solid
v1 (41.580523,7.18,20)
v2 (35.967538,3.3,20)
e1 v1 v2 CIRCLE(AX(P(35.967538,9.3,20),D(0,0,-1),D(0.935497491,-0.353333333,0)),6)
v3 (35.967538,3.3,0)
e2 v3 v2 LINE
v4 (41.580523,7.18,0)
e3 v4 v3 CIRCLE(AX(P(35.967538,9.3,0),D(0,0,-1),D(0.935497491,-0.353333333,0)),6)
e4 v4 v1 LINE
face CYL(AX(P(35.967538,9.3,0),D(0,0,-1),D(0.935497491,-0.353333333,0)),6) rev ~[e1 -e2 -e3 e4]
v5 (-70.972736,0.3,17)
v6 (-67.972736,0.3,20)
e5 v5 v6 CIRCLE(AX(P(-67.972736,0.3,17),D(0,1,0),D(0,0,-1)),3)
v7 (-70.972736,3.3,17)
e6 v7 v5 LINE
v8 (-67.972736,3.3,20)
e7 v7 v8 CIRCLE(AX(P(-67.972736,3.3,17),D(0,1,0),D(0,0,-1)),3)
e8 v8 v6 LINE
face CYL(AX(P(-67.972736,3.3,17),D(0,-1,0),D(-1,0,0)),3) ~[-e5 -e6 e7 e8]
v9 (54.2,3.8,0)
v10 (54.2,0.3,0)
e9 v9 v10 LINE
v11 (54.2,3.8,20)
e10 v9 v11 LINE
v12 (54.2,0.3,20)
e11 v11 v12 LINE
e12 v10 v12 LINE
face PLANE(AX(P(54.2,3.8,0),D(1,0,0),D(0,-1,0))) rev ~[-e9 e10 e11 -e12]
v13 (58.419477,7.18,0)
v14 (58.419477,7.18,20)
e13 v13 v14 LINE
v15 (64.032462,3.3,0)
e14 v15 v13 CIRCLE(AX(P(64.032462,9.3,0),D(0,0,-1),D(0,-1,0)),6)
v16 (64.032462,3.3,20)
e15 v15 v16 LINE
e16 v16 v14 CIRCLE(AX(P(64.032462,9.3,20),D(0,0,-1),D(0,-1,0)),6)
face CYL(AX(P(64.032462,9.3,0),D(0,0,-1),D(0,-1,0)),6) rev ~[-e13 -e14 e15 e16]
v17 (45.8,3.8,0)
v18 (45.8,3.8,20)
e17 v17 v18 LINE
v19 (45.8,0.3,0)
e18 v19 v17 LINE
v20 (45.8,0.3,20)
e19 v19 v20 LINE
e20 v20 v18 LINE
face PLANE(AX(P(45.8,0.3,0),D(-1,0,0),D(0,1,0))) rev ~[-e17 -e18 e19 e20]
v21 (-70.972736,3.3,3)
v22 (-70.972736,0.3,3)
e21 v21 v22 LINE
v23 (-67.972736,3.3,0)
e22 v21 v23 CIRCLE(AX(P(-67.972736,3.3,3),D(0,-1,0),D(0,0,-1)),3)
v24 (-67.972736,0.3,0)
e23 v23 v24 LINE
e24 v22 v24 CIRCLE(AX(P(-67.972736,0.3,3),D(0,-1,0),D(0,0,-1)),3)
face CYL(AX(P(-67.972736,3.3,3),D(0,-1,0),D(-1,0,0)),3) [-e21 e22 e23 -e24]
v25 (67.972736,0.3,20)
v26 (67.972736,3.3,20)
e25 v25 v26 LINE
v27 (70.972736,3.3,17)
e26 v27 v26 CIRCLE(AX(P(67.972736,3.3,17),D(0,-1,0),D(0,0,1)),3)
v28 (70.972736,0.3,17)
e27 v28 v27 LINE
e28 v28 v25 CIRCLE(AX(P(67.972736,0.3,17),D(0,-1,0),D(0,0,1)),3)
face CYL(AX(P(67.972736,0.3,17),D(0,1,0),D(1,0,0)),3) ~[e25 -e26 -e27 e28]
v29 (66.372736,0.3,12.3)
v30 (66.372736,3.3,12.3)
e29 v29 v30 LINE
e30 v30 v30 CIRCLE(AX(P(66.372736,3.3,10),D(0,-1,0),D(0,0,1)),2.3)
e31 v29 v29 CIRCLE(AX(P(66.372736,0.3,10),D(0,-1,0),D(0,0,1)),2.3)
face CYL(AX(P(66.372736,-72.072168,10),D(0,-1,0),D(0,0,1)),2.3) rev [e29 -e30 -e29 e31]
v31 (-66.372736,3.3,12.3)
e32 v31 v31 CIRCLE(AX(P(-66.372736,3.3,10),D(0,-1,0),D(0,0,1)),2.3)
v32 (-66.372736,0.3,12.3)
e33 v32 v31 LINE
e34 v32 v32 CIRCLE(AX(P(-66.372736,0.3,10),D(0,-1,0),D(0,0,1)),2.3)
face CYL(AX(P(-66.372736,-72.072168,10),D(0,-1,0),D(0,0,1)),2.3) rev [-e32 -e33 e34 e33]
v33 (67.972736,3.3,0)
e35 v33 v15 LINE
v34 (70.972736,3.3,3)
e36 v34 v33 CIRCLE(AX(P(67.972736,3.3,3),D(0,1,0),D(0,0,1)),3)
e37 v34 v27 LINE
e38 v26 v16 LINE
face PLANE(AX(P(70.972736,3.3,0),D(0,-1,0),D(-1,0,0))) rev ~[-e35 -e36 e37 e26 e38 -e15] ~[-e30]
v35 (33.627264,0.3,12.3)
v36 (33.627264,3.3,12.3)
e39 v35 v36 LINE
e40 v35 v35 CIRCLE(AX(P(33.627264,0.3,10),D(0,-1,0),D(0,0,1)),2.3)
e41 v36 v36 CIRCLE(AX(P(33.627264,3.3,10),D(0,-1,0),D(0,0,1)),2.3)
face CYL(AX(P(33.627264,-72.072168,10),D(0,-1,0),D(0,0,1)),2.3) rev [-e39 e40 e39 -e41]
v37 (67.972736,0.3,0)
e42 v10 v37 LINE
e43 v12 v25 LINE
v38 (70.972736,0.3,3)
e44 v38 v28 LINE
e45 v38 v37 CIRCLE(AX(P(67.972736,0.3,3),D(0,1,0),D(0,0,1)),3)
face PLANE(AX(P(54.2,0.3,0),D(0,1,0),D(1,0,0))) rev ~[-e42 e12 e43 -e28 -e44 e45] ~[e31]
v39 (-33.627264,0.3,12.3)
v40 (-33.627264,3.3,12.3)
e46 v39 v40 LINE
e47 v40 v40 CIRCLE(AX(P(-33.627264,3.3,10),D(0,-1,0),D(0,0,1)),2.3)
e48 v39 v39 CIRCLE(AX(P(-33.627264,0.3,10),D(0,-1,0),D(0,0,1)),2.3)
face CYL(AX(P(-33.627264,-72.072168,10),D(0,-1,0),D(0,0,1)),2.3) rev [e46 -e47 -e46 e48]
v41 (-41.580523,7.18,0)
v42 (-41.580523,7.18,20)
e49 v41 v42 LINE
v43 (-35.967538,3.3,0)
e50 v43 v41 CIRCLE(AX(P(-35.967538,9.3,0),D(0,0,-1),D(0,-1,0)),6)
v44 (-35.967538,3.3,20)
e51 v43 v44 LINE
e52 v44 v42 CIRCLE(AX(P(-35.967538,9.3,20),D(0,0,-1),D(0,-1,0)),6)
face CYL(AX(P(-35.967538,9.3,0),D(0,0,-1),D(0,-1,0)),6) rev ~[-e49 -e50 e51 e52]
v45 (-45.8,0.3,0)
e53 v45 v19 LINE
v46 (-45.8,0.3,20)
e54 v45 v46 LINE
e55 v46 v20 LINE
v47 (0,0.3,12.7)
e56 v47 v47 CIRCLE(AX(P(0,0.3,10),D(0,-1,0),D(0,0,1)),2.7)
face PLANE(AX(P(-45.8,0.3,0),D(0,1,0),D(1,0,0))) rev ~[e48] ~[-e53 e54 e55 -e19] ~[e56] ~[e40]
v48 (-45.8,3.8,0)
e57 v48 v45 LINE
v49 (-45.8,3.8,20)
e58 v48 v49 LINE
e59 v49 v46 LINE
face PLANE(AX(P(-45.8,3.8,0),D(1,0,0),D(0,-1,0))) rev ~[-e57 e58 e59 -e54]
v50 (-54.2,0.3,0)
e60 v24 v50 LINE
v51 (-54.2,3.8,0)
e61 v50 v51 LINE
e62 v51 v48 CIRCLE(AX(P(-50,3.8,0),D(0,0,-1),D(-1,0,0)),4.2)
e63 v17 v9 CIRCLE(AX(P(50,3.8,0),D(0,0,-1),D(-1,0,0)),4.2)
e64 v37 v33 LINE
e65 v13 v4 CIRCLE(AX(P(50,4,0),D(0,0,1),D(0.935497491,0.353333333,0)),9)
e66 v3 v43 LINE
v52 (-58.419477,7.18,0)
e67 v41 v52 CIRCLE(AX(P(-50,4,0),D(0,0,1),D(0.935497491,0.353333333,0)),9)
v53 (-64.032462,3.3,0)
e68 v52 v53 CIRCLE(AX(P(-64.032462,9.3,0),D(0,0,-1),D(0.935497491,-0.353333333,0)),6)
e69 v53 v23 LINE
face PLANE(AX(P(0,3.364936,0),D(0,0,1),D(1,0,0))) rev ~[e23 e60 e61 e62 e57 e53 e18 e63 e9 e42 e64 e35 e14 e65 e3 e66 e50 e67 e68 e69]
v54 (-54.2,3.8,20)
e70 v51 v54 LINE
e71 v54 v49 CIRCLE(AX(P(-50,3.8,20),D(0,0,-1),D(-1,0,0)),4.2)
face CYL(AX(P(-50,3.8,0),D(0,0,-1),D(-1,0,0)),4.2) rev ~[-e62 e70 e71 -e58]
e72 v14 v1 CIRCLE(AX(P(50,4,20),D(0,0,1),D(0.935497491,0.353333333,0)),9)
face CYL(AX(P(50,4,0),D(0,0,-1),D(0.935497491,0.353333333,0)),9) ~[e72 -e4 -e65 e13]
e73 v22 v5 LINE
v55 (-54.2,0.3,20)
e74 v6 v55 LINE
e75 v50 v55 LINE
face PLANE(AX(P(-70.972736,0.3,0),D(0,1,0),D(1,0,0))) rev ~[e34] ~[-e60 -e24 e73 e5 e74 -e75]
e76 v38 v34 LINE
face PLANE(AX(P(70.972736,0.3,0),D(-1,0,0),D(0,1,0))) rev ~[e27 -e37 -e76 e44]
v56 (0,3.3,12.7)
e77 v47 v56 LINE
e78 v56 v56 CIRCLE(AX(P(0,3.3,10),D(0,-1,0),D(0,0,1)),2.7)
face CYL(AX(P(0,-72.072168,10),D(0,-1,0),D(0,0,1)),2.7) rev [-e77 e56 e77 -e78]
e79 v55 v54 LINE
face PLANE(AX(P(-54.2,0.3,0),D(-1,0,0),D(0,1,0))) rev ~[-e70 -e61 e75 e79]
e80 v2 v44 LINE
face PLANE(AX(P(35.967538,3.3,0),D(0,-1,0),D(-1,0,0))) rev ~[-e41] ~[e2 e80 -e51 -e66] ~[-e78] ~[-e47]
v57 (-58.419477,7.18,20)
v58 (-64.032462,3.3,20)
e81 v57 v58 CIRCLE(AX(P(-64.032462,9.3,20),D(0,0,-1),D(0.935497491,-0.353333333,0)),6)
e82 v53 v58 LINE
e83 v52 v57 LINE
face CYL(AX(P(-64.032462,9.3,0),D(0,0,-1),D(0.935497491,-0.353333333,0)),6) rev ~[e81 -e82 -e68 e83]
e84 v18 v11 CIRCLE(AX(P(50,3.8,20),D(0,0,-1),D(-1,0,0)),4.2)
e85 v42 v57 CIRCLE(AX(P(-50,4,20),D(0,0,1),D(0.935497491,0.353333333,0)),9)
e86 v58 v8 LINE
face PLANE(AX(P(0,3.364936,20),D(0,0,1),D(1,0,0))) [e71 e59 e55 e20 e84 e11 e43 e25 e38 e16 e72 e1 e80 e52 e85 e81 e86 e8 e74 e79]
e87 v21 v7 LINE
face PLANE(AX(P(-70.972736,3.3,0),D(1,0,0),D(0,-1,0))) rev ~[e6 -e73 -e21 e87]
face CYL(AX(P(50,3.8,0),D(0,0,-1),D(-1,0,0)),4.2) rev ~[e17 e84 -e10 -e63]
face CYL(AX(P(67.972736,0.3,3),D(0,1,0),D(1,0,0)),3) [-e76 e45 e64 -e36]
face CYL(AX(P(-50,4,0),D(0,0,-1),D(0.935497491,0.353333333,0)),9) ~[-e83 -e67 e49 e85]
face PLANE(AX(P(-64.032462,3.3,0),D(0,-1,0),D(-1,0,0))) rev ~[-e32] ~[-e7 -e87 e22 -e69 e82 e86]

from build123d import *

# Parameters (mm, degrees)
EXTRUDE_1_DEPTH          = 20
FILLET_1_R               = 3
CUT_EXTRUDE_1_DEPTH      = 75.37216767
CUT_EXTRUDE_1_DEPTH_BACK = 75.37216767
SKETCH_2_R               = 2.7
SKETCH_2_R_2             = 2.3


with BuildPart() as part:
    # 草图1 → 凸台-拉伸1 (new body)
    with BuildSketch(Plane.XY):
        with BuildLine():
            Line((54.2, 3.8), (54.2, 0.3))
            Line((54.2, 0.3), (70.972736483, 0.3))
            Line((70.972736483, 0.3), (70.972736483, 3.3))
            Line((70.972736483, 3.3), (64.032462364, 3.3))
            ThreePointArc((64.032462364, 3.3), (60.620717942, 4.364414928), (58.419477418, 7.18))
            ThreePointArc((58.419477418, 7.18), (50, 13), (41.580522582, 7.18))
            ThreePointArc((41.580522582, 7.18), (39.379282058, 4.364414928), (35.967537636, 3.3))
            Line((35.967537636, 3.3), (-35.967537636, 3.3))
            ThreePointArc((-35.967537636, 3.3), (-39.379282058, 4.364414928), (-41.580522582, 7.18))
            ThreePointArc((-41.580522582, 7.18), (-50, 13), (-58.419477418, 7.18))
            ThreePointArc((-58.419477418, 7.18), (-60.620717942, 4.364414928), (-64.032462364, 3.3))
            Line((-64.032462364, 3.3), (-70.972736483, 3.3))
            Line((-70.972736483, 3.3), (-70.972736483, 0.3))
            Line((-70.972736483, 0.3), (-54.2, 0.3))
            Line((-54.2, 0.3), (-54.2, 3.8))
            ThreePointArc((-54.2, 3.8), (-50, 8), (-45.8, 3.8))
            Line((-45.8, 3.8), (-45.8, 0.3))
            Line((-45.8, 0.3), (45.8, 0.3))
            Line((45.8, 0.3), (45.8, 3.8))
            ThreePointArc((45.8, 3.8), (50, 8), (54.2, 3.8))
        make_face()
    extrude(amount=EXTRUDE_1_DEPTH)

    # 圆角1
    fillet_1_edges = [part.edges().sort_by_distance(p)[0] for p in [
        (70.972736483, 1.8, 20),
        (-70.972736483, 1.8, 0),
        (70.972736483, 1.8, 0),
        (-70.972736483, 1.8, 20),
    ]]
    fillet(fillet_1_edges, radius=FILLET_1_R)

    # 草图2 → 切除-拉伸1 (cut, two sides: drawn at the far end of the back side and taken through both)
    with BuildSketch(Plane(origin=(0, 3.3, 0), x_dir=(1, 0, 0), z_dir=(0, 1, 0)).offset(-CUT_EXTRUDE_1_DEPTH_BACK)):
        with Locations(Location((0, -10, 0), (0, 0, 270))):
            Circle(SKETCH_2_R)
        with Locations(Location((66.372736483, -10, 0), (0, 0, 270))):
            Circle(SKETCH_2_R_2)
        with Locations(Location((33.627263517, -10, 0), (0, 0, 270))):
            Circle(SKETCH_2_R_2)
        with Locations(Location((-33.627263517, -10, 0), (0, 0, 270))):
            Circle(SKETCH_2_R_2)
        with Locations(Location((-66.372736483, -10, 0), (0, 0, 270))):
            Circle(SKETCH_2_R_2)
    extrude(amount=CUT_EXTRUDE_1_DEPTH + CUT_EXTRUDE_1_DEPTH_BACK, mode=Mode.SUBTRACT)


solid = part.part
